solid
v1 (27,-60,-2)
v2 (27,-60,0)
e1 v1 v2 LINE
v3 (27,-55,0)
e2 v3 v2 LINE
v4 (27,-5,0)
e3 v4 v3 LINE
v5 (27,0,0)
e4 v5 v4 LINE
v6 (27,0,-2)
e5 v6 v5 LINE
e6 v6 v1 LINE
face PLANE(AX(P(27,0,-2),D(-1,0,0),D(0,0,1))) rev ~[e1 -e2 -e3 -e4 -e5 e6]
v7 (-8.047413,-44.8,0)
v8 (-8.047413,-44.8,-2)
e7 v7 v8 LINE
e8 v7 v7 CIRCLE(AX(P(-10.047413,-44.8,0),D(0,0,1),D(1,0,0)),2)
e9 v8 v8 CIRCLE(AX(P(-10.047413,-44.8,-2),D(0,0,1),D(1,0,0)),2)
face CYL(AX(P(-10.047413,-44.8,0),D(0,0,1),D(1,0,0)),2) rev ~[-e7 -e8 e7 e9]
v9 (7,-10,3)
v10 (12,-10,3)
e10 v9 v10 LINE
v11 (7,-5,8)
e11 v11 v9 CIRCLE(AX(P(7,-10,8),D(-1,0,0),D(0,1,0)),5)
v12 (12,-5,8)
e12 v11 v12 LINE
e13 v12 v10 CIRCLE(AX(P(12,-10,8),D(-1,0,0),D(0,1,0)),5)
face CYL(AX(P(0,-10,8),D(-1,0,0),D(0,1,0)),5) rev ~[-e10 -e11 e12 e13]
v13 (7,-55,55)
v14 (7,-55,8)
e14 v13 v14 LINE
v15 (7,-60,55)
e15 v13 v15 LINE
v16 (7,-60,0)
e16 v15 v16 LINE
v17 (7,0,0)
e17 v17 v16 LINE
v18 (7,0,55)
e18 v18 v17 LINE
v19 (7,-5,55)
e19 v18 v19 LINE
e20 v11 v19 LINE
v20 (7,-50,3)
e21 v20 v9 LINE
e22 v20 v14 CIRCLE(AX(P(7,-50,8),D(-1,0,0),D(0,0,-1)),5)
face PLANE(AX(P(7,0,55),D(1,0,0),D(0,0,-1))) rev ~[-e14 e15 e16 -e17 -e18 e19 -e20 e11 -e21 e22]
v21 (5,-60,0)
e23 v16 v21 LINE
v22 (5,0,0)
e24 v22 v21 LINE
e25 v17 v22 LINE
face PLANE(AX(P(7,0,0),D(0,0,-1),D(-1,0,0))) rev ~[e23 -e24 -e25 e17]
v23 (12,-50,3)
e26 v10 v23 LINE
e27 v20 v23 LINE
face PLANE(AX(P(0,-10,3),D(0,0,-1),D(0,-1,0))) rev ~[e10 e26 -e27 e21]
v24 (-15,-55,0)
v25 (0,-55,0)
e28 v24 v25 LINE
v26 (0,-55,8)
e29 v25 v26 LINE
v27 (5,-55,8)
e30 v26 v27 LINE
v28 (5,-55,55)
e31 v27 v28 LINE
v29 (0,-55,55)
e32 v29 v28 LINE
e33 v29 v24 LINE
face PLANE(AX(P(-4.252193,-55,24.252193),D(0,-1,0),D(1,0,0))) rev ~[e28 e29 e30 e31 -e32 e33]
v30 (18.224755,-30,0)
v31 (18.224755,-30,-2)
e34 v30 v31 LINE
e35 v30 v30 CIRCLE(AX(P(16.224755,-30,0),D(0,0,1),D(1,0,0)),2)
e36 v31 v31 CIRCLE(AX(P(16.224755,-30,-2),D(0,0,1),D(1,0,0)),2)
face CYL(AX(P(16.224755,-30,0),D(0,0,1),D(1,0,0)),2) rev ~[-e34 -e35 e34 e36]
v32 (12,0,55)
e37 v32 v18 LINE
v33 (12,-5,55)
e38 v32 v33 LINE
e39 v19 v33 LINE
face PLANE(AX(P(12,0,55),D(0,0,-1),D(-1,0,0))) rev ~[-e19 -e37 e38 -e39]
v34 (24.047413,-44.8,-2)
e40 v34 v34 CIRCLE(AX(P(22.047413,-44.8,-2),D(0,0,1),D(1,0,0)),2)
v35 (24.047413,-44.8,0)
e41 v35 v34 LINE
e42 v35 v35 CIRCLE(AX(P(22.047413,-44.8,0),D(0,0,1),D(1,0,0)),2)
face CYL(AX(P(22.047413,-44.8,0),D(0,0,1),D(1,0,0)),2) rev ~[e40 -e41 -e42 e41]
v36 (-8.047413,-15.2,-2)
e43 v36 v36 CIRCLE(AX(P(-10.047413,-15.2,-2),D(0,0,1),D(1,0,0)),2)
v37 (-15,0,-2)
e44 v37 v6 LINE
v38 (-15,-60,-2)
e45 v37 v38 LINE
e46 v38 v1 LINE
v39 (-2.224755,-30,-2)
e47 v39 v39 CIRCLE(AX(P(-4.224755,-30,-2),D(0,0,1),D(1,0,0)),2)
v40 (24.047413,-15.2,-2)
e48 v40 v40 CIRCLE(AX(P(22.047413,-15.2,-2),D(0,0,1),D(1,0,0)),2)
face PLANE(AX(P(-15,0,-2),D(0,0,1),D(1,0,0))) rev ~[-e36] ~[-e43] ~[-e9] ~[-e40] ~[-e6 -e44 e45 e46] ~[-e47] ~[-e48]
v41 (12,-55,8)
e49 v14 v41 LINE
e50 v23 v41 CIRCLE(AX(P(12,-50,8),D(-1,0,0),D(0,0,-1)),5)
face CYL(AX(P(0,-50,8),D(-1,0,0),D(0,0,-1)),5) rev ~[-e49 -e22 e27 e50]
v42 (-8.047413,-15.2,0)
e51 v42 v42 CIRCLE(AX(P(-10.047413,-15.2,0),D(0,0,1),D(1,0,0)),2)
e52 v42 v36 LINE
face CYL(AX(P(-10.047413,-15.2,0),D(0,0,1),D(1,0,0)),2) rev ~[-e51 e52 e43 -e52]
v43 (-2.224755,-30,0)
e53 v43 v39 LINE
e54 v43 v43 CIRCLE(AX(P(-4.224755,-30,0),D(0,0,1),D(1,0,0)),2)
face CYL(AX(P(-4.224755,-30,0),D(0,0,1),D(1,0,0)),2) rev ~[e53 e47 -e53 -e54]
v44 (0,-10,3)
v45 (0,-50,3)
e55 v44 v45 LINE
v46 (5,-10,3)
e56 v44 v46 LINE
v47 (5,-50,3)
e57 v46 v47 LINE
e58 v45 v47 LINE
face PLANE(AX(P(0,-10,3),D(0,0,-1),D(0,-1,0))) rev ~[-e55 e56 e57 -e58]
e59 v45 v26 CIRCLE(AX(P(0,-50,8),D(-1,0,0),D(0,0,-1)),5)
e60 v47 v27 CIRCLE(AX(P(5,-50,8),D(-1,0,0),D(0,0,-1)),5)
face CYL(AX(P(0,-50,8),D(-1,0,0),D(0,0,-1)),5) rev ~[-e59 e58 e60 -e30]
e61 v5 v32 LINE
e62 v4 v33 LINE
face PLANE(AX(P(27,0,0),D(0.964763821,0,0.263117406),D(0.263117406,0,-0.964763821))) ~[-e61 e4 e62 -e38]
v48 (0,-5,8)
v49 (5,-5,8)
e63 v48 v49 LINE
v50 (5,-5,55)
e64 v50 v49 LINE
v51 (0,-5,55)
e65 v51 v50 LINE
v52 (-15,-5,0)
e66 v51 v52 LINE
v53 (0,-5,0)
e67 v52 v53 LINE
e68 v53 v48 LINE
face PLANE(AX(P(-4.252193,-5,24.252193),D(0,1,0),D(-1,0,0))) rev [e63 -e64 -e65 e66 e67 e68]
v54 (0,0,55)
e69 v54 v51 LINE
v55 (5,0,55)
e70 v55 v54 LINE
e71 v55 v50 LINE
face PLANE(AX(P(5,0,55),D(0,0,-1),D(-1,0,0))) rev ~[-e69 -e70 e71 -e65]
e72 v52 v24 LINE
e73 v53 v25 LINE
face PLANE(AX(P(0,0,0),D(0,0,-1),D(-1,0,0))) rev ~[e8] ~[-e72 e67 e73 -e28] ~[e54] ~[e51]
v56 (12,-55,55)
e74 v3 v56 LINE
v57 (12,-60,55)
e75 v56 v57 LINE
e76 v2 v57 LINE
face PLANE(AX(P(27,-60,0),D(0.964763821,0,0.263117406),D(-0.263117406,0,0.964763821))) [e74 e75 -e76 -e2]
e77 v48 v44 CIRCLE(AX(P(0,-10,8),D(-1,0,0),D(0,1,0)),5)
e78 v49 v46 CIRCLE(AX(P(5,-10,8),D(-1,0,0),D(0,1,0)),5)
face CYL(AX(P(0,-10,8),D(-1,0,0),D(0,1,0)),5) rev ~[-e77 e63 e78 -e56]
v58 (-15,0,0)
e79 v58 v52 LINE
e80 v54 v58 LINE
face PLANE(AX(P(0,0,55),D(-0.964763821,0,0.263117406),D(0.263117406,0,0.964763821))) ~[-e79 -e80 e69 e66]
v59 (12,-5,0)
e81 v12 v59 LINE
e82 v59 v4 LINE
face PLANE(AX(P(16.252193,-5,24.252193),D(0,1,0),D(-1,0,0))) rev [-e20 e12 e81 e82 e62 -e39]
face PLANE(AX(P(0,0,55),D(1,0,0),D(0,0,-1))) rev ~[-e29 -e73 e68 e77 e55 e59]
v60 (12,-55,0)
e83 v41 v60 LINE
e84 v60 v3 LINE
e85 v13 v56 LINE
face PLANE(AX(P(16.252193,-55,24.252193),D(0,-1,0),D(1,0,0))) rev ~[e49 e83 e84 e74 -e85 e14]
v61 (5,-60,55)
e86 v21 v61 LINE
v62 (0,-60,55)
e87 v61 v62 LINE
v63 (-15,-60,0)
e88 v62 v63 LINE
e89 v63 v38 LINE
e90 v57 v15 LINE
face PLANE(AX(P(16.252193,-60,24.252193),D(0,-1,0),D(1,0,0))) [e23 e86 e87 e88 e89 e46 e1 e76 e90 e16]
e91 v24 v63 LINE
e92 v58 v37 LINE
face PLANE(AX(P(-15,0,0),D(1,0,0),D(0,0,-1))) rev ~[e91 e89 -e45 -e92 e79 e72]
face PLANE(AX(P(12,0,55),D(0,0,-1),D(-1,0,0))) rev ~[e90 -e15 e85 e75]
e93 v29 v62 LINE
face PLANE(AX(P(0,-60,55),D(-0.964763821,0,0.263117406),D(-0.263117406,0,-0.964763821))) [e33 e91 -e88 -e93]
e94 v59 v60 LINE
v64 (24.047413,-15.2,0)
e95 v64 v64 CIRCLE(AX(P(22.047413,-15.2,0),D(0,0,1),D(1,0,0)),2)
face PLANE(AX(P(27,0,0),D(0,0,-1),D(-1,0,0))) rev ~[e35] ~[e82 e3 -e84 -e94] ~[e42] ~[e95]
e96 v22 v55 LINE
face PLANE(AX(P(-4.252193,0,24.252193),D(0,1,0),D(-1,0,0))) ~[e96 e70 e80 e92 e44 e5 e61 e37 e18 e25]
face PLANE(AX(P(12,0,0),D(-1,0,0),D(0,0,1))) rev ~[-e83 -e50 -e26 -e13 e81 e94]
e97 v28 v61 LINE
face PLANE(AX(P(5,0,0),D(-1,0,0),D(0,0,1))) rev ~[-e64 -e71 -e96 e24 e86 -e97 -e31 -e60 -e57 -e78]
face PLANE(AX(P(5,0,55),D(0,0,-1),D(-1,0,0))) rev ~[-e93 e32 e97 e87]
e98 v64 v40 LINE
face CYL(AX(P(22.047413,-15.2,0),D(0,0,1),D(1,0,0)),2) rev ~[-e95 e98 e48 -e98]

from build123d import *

# Parameters (mm, degrees)
F1_DEPTH = 60
F3_DEPTH = 27.001
F4_R     = 2
F5_DEPTH = 25
F7_DEPTH = 5


with BuildPart() as f1:
    # F0 (on Front) → F1 (new body)
    with BuildSketch(Plane.XZ):
        Polygon((0, 55), (0, 0), (-15, 0), (-15, -2), (27, -2), (27, 0), (12, 0), (12, 55), (7, 55), (7, 0), (5, 0), (5, 55), align=None)
    extrude(amount=F1_DEPTH)

    # F2 (on face) → F3 (cut, through all)
    with BuildSketch(Plane(origin=(0, 0, 0), x_dir=(0, -1, 0), z_dir=(-1, 0, 0))):
        with BuildLine():
            Line((55, 55), (5, 55))
            Line((5, 55), (5, 8))
            ThreePointArc((5, 8), (6.4644660941, 4.4644660941), (10, 3))
            Line((10, 3), (50, 3))
            ThreePointArc((50, 3), (53.5355339059, 4.4644660941), (55, 8))
            Line((55, 8), (55, 55))
        make_face()
    extrude(amount=-F3_DEPTH, mode=Mode.SUBTRACT)

    # F4 (on face) → F5 (cut)
    with BuildSketch(Plane.XY):
        with Locations((-10.0474134088, -15.2)):
            Circle(F4_R)
        with Locations((-10.0474134088, -44.8)):
            Circle(F4_R)
        with Locations((-4.2247553356, -30)):
            Circle(F4_R)
        with Locations((16.2247553356, -30)):
            Circle(F4_R)
        with Locations((22.0474134088, -44.8)):
            Circle(F4_R)
        with Locations((22.0474134088, -15.2)):
            Circle(F4_R)
    extrude(amount=-F5_DEPTH, mode=Mode.SUBTRACT)



with BuildPart() as f7:
    # F6 (on face) → F7 (new body, through all)
    with BuildSketch(Plane.XZ.offset(60)):
        Polygon((0, 55), (-15, 0), (0, 0), align=None)
    extrude(amount=-F7_DEPTH)


with BuildPart() as f7b:
    # F6 (on face) → F7, piece 2 (new body, through all)
    with BuildSketch(Plane.XZ.offset(60)):
        Polygon((27, 0), (12, 55), (12, 0), align=None)
    extrude(amount=-F7_DEPTH)


with BuildPart() as f1_1:
    add(f1.part)

    add(f7.part)  # F10 merges F7

    add(f7b.part)  # F10 merges F7b
    # F10: F7b, F7 across plane
    add(f7b.part.mirror(Plane.XZ.offset(30)))
    add(f7.part.mirror(Plane.XZ.offset(30)))


solid = f1_1.part
